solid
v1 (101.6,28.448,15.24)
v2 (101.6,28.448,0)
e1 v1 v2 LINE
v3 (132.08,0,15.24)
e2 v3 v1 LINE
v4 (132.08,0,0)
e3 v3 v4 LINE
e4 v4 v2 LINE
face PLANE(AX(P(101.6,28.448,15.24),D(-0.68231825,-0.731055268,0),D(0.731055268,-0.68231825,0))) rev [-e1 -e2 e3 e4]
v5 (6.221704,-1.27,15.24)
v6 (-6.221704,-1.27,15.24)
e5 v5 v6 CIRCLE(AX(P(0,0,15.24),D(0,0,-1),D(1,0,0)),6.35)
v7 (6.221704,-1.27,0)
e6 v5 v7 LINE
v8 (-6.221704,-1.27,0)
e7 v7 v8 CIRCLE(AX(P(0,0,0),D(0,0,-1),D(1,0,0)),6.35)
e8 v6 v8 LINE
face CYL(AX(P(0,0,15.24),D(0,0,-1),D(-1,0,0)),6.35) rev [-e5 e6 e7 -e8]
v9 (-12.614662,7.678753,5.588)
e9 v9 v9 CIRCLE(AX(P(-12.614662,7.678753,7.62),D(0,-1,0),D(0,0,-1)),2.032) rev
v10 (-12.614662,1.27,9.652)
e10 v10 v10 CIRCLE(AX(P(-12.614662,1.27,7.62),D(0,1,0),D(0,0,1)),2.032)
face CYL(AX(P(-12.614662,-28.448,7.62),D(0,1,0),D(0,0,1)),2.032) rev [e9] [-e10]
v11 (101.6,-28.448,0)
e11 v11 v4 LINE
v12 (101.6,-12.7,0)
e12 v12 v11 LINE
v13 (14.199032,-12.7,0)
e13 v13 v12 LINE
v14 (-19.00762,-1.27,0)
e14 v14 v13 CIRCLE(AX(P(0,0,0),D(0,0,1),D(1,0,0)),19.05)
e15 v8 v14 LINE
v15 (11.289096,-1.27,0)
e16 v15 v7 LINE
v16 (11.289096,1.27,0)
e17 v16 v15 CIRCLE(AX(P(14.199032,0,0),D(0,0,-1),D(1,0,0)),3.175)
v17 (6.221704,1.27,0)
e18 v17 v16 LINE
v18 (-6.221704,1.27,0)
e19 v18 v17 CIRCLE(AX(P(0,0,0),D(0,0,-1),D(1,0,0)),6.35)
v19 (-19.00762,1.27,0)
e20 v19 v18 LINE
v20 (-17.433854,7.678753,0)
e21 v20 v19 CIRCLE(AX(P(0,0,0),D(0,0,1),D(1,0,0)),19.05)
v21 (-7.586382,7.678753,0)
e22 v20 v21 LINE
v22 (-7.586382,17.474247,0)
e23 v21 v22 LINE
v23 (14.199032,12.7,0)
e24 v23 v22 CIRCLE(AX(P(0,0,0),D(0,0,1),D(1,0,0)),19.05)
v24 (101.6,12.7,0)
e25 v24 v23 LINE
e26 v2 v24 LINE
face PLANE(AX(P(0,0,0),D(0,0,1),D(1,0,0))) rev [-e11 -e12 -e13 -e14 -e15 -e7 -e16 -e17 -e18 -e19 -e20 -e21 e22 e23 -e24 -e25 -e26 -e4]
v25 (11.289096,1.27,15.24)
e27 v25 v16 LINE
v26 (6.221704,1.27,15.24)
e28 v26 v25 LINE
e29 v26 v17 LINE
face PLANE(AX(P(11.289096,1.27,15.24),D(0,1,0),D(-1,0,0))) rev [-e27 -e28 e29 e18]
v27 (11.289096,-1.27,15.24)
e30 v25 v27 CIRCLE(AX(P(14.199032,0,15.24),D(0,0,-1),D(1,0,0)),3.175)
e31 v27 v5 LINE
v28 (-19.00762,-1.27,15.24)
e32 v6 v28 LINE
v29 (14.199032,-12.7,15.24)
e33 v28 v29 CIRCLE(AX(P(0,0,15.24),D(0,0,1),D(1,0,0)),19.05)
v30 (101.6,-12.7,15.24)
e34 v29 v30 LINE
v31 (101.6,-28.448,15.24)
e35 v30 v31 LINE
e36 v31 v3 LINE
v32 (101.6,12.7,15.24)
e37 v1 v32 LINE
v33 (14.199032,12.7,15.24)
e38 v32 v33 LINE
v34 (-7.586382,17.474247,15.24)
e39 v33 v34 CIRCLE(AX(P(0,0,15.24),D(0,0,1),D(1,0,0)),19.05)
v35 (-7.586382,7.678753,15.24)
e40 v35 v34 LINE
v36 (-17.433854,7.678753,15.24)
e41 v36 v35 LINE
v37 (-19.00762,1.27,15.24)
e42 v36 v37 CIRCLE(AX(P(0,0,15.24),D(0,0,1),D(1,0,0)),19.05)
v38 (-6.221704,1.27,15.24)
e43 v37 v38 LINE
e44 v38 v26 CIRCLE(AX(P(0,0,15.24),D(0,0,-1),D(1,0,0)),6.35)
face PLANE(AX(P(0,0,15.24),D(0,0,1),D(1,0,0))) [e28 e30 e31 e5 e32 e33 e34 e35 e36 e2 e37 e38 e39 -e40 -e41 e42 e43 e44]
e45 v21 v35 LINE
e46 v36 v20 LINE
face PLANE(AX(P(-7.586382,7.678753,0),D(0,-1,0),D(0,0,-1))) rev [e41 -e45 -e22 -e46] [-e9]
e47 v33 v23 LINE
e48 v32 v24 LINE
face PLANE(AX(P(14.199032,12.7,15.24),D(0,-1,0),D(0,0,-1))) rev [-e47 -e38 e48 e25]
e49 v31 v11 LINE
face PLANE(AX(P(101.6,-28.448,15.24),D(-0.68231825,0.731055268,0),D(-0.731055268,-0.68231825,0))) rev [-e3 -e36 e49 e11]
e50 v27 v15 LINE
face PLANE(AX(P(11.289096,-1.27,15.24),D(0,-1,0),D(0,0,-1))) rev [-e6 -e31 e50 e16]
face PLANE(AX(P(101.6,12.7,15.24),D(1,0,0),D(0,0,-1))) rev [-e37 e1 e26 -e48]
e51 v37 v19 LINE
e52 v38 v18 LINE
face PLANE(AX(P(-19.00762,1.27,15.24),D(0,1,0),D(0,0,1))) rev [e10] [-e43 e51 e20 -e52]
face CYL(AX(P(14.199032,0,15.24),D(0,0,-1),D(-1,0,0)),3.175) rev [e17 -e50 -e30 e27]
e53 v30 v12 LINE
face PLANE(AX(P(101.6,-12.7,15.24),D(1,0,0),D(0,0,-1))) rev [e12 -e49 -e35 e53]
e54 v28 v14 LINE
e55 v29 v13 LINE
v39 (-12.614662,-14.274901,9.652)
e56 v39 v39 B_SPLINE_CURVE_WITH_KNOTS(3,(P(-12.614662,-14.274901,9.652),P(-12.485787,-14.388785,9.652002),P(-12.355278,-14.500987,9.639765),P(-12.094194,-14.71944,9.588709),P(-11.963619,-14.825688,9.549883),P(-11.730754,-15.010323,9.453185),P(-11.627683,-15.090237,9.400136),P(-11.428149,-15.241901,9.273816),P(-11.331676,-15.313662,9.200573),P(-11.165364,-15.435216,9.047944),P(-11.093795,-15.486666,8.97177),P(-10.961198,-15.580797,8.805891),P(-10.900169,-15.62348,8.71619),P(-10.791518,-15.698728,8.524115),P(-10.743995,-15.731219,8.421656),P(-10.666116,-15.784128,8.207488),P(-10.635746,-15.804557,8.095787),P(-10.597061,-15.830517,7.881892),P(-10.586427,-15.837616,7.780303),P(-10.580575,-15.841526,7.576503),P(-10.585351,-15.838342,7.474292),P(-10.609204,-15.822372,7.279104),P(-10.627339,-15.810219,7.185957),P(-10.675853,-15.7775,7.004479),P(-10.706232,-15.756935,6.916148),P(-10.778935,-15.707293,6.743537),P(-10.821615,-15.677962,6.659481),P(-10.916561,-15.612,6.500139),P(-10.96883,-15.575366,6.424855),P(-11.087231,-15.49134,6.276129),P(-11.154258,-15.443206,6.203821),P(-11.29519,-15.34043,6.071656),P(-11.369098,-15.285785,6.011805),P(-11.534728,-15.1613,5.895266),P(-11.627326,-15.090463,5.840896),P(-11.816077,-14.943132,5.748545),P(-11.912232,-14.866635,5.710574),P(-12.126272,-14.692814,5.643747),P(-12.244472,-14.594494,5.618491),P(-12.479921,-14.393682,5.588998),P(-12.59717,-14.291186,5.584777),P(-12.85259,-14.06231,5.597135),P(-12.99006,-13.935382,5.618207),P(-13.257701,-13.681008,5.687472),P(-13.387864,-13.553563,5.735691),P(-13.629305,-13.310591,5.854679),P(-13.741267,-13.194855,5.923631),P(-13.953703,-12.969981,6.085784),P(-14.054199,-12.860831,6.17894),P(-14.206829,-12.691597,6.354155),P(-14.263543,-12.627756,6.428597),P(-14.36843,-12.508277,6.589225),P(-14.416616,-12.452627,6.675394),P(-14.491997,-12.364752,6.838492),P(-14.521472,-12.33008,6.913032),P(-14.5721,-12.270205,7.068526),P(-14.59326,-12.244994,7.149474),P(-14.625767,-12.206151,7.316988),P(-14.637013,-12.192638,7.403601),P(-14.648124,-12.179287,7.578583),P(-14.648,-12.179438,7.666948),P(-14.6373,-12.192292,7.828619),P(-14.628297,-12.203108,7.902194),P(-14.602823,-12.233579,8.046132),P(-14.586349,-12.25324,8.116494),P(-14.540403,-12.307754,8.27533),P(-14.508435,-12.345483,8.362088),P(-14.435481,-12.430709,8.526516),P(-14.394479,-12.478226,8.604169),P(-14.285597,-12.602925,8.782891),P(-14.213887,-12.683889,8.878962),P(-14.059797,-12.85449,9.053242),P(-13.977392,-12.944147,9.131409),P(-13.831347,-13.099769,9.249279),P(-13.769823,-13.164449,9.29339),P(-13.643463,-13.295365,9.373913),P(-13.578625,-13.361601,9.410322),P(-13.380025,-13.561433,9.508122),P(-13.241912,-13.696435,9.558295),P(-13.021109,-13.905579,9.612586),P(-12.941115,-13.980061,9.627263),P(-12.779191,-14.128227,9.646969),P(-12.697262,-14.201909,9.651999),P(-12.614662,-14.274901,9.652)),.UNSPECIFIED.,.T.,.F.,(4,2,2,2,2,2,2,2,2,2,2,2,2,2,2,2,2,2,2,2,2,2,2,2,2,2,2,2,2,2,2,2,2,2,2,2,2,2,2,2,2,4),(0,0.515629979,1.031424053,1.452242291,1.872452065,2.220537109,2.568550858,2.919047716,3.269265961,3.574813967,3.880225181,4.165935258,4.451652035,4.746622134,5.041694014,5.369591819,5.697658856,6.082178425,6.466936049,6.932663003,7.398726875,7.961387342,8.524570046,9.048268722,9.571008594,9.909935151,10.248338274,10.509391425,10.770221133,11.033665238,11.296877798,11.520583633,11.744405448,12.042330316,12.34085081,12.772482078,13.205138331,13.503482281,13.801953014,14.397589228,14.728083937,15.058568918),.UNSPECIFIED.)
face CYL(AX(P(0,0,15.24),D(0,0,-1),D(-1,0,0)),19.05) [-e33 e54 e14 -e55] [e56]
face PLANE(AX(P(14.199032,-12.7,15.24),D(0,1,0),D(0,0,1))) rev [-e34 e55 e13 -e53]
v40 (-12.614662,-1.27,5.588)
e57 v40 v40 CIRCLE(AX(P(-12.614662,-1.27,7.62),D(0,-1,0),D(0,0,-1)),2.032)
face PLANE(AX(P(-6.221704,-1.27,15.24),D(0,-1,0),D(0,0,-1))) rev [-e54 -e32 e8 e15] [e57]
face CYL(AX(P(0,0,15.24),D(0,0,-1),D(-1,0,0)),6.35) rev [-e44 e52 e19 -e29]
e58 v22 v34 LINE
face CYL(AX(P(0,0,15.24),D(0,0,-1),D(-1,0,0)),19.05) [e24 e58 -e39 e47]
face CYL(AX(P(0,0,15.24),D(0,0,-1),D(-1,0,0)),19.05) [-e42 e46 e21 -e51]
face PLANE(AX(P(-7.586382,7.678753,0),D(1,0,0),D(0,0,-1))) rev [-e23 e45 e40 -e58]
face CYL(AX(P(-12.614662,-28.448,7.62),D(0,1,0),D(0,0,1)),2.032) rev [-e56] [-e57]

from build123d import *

# Parameters (mm, degrees)
BOSS_EXTRUDE1_DEPTH     = 15.24
CUT_EXTRUDE1_DEPTH      = 136.965704146
CUT_EXTRUDE1_DEPTH_BACK = 136.965704146
SKETCH2_R               = 2.032
SKETCH3_W               = 13.96136878
SKETCH3_H               = 14.958609408
CUT_EXTRUDE2_DEPTH      = 136.965704158


with BuildPart() as part:
    # Sketch1 → Boss-Extrude1 (new body)
    with BuildSketch(Plane.XY):
        with BuildLine():
            Line((14.199031657, -12.7), (101.6, -12.7))
            Line((101.6, -12.7), (101.6, -28.448))
            Line((101.6, -28.448), (132.08, 0))
            Line((132.08, 0), (101.6, 28.448))
            Line((101.6, 28.448), (101.6, 12.7))
            Line((101.6, 12.7), (14.199031657, 12.7))
            ThreePointArc((14.199031657, 12.7), (-6.20014954, 18.012791168), (-19.007619525, 1.27))
            Line((-19.007619525, 1.27), (-6.221703947, 1.27))
            ThreePointArc((-6.221703947, 1.27), (0, 6.35), (6.221703947, 1.27))
            Line((6.221703947, 1.27), (11.289096091, 1.27))
            ThreePointArc((11.289096091, 1.27), (17.374031657, 0), (11.289096091, -1.27))
            Line((11.289096091, -1.27), (6.221703947, -1.27))
            ThreePointArc((6.221703947, -1.27), (0, -6.35), (-6.221703947, -1.27))
            Line((-6.221703947, -1.27), (-19.007619525, -1.27))
            ThreePointArc((-19.007619525, -1.27), (-6.20014954, -18.012791168), (14.199031657, -12.7))
        make_face()
    extrude(amount=BOSS_EXTRUDE1_DEPTH)

    # Sketch2 → Cut-Extrude1 (cut, two sides: drawn at the far end of the back side and taken through both)
    with BuildSketch(Plane(origin=(0, 0, 0), x_dir=(1, 0, 0), z_dir=(0, 1, 0)).offset(-CUT_EXTRUDE1_DEPTH_BACK)):
        with Locations(Location((-12.614661736, -7.62, 0), (0, 0, 270))):
            Circle(SKETCH2_R)
    extrude(amount=CUT_EXTRUDE1_DEPTH + CUT_EXTRUDE1_DEPTH_BACK, mode=Mode.SUBTRACT)

    # Sketch3 → Cut-Extrude2 (cut, through all)
    with BuildSketch(Plane.XY.offset(15.24)):
        with Locations((-14.567066479, 15.158057533)):
            Rectangle(SKETCH3_W, SKETCH3_H)
    extrude(amount=-CUT_EXTRUDE2_DEPTH, mode=Mode.SUBTRACT)


solid = part.part
